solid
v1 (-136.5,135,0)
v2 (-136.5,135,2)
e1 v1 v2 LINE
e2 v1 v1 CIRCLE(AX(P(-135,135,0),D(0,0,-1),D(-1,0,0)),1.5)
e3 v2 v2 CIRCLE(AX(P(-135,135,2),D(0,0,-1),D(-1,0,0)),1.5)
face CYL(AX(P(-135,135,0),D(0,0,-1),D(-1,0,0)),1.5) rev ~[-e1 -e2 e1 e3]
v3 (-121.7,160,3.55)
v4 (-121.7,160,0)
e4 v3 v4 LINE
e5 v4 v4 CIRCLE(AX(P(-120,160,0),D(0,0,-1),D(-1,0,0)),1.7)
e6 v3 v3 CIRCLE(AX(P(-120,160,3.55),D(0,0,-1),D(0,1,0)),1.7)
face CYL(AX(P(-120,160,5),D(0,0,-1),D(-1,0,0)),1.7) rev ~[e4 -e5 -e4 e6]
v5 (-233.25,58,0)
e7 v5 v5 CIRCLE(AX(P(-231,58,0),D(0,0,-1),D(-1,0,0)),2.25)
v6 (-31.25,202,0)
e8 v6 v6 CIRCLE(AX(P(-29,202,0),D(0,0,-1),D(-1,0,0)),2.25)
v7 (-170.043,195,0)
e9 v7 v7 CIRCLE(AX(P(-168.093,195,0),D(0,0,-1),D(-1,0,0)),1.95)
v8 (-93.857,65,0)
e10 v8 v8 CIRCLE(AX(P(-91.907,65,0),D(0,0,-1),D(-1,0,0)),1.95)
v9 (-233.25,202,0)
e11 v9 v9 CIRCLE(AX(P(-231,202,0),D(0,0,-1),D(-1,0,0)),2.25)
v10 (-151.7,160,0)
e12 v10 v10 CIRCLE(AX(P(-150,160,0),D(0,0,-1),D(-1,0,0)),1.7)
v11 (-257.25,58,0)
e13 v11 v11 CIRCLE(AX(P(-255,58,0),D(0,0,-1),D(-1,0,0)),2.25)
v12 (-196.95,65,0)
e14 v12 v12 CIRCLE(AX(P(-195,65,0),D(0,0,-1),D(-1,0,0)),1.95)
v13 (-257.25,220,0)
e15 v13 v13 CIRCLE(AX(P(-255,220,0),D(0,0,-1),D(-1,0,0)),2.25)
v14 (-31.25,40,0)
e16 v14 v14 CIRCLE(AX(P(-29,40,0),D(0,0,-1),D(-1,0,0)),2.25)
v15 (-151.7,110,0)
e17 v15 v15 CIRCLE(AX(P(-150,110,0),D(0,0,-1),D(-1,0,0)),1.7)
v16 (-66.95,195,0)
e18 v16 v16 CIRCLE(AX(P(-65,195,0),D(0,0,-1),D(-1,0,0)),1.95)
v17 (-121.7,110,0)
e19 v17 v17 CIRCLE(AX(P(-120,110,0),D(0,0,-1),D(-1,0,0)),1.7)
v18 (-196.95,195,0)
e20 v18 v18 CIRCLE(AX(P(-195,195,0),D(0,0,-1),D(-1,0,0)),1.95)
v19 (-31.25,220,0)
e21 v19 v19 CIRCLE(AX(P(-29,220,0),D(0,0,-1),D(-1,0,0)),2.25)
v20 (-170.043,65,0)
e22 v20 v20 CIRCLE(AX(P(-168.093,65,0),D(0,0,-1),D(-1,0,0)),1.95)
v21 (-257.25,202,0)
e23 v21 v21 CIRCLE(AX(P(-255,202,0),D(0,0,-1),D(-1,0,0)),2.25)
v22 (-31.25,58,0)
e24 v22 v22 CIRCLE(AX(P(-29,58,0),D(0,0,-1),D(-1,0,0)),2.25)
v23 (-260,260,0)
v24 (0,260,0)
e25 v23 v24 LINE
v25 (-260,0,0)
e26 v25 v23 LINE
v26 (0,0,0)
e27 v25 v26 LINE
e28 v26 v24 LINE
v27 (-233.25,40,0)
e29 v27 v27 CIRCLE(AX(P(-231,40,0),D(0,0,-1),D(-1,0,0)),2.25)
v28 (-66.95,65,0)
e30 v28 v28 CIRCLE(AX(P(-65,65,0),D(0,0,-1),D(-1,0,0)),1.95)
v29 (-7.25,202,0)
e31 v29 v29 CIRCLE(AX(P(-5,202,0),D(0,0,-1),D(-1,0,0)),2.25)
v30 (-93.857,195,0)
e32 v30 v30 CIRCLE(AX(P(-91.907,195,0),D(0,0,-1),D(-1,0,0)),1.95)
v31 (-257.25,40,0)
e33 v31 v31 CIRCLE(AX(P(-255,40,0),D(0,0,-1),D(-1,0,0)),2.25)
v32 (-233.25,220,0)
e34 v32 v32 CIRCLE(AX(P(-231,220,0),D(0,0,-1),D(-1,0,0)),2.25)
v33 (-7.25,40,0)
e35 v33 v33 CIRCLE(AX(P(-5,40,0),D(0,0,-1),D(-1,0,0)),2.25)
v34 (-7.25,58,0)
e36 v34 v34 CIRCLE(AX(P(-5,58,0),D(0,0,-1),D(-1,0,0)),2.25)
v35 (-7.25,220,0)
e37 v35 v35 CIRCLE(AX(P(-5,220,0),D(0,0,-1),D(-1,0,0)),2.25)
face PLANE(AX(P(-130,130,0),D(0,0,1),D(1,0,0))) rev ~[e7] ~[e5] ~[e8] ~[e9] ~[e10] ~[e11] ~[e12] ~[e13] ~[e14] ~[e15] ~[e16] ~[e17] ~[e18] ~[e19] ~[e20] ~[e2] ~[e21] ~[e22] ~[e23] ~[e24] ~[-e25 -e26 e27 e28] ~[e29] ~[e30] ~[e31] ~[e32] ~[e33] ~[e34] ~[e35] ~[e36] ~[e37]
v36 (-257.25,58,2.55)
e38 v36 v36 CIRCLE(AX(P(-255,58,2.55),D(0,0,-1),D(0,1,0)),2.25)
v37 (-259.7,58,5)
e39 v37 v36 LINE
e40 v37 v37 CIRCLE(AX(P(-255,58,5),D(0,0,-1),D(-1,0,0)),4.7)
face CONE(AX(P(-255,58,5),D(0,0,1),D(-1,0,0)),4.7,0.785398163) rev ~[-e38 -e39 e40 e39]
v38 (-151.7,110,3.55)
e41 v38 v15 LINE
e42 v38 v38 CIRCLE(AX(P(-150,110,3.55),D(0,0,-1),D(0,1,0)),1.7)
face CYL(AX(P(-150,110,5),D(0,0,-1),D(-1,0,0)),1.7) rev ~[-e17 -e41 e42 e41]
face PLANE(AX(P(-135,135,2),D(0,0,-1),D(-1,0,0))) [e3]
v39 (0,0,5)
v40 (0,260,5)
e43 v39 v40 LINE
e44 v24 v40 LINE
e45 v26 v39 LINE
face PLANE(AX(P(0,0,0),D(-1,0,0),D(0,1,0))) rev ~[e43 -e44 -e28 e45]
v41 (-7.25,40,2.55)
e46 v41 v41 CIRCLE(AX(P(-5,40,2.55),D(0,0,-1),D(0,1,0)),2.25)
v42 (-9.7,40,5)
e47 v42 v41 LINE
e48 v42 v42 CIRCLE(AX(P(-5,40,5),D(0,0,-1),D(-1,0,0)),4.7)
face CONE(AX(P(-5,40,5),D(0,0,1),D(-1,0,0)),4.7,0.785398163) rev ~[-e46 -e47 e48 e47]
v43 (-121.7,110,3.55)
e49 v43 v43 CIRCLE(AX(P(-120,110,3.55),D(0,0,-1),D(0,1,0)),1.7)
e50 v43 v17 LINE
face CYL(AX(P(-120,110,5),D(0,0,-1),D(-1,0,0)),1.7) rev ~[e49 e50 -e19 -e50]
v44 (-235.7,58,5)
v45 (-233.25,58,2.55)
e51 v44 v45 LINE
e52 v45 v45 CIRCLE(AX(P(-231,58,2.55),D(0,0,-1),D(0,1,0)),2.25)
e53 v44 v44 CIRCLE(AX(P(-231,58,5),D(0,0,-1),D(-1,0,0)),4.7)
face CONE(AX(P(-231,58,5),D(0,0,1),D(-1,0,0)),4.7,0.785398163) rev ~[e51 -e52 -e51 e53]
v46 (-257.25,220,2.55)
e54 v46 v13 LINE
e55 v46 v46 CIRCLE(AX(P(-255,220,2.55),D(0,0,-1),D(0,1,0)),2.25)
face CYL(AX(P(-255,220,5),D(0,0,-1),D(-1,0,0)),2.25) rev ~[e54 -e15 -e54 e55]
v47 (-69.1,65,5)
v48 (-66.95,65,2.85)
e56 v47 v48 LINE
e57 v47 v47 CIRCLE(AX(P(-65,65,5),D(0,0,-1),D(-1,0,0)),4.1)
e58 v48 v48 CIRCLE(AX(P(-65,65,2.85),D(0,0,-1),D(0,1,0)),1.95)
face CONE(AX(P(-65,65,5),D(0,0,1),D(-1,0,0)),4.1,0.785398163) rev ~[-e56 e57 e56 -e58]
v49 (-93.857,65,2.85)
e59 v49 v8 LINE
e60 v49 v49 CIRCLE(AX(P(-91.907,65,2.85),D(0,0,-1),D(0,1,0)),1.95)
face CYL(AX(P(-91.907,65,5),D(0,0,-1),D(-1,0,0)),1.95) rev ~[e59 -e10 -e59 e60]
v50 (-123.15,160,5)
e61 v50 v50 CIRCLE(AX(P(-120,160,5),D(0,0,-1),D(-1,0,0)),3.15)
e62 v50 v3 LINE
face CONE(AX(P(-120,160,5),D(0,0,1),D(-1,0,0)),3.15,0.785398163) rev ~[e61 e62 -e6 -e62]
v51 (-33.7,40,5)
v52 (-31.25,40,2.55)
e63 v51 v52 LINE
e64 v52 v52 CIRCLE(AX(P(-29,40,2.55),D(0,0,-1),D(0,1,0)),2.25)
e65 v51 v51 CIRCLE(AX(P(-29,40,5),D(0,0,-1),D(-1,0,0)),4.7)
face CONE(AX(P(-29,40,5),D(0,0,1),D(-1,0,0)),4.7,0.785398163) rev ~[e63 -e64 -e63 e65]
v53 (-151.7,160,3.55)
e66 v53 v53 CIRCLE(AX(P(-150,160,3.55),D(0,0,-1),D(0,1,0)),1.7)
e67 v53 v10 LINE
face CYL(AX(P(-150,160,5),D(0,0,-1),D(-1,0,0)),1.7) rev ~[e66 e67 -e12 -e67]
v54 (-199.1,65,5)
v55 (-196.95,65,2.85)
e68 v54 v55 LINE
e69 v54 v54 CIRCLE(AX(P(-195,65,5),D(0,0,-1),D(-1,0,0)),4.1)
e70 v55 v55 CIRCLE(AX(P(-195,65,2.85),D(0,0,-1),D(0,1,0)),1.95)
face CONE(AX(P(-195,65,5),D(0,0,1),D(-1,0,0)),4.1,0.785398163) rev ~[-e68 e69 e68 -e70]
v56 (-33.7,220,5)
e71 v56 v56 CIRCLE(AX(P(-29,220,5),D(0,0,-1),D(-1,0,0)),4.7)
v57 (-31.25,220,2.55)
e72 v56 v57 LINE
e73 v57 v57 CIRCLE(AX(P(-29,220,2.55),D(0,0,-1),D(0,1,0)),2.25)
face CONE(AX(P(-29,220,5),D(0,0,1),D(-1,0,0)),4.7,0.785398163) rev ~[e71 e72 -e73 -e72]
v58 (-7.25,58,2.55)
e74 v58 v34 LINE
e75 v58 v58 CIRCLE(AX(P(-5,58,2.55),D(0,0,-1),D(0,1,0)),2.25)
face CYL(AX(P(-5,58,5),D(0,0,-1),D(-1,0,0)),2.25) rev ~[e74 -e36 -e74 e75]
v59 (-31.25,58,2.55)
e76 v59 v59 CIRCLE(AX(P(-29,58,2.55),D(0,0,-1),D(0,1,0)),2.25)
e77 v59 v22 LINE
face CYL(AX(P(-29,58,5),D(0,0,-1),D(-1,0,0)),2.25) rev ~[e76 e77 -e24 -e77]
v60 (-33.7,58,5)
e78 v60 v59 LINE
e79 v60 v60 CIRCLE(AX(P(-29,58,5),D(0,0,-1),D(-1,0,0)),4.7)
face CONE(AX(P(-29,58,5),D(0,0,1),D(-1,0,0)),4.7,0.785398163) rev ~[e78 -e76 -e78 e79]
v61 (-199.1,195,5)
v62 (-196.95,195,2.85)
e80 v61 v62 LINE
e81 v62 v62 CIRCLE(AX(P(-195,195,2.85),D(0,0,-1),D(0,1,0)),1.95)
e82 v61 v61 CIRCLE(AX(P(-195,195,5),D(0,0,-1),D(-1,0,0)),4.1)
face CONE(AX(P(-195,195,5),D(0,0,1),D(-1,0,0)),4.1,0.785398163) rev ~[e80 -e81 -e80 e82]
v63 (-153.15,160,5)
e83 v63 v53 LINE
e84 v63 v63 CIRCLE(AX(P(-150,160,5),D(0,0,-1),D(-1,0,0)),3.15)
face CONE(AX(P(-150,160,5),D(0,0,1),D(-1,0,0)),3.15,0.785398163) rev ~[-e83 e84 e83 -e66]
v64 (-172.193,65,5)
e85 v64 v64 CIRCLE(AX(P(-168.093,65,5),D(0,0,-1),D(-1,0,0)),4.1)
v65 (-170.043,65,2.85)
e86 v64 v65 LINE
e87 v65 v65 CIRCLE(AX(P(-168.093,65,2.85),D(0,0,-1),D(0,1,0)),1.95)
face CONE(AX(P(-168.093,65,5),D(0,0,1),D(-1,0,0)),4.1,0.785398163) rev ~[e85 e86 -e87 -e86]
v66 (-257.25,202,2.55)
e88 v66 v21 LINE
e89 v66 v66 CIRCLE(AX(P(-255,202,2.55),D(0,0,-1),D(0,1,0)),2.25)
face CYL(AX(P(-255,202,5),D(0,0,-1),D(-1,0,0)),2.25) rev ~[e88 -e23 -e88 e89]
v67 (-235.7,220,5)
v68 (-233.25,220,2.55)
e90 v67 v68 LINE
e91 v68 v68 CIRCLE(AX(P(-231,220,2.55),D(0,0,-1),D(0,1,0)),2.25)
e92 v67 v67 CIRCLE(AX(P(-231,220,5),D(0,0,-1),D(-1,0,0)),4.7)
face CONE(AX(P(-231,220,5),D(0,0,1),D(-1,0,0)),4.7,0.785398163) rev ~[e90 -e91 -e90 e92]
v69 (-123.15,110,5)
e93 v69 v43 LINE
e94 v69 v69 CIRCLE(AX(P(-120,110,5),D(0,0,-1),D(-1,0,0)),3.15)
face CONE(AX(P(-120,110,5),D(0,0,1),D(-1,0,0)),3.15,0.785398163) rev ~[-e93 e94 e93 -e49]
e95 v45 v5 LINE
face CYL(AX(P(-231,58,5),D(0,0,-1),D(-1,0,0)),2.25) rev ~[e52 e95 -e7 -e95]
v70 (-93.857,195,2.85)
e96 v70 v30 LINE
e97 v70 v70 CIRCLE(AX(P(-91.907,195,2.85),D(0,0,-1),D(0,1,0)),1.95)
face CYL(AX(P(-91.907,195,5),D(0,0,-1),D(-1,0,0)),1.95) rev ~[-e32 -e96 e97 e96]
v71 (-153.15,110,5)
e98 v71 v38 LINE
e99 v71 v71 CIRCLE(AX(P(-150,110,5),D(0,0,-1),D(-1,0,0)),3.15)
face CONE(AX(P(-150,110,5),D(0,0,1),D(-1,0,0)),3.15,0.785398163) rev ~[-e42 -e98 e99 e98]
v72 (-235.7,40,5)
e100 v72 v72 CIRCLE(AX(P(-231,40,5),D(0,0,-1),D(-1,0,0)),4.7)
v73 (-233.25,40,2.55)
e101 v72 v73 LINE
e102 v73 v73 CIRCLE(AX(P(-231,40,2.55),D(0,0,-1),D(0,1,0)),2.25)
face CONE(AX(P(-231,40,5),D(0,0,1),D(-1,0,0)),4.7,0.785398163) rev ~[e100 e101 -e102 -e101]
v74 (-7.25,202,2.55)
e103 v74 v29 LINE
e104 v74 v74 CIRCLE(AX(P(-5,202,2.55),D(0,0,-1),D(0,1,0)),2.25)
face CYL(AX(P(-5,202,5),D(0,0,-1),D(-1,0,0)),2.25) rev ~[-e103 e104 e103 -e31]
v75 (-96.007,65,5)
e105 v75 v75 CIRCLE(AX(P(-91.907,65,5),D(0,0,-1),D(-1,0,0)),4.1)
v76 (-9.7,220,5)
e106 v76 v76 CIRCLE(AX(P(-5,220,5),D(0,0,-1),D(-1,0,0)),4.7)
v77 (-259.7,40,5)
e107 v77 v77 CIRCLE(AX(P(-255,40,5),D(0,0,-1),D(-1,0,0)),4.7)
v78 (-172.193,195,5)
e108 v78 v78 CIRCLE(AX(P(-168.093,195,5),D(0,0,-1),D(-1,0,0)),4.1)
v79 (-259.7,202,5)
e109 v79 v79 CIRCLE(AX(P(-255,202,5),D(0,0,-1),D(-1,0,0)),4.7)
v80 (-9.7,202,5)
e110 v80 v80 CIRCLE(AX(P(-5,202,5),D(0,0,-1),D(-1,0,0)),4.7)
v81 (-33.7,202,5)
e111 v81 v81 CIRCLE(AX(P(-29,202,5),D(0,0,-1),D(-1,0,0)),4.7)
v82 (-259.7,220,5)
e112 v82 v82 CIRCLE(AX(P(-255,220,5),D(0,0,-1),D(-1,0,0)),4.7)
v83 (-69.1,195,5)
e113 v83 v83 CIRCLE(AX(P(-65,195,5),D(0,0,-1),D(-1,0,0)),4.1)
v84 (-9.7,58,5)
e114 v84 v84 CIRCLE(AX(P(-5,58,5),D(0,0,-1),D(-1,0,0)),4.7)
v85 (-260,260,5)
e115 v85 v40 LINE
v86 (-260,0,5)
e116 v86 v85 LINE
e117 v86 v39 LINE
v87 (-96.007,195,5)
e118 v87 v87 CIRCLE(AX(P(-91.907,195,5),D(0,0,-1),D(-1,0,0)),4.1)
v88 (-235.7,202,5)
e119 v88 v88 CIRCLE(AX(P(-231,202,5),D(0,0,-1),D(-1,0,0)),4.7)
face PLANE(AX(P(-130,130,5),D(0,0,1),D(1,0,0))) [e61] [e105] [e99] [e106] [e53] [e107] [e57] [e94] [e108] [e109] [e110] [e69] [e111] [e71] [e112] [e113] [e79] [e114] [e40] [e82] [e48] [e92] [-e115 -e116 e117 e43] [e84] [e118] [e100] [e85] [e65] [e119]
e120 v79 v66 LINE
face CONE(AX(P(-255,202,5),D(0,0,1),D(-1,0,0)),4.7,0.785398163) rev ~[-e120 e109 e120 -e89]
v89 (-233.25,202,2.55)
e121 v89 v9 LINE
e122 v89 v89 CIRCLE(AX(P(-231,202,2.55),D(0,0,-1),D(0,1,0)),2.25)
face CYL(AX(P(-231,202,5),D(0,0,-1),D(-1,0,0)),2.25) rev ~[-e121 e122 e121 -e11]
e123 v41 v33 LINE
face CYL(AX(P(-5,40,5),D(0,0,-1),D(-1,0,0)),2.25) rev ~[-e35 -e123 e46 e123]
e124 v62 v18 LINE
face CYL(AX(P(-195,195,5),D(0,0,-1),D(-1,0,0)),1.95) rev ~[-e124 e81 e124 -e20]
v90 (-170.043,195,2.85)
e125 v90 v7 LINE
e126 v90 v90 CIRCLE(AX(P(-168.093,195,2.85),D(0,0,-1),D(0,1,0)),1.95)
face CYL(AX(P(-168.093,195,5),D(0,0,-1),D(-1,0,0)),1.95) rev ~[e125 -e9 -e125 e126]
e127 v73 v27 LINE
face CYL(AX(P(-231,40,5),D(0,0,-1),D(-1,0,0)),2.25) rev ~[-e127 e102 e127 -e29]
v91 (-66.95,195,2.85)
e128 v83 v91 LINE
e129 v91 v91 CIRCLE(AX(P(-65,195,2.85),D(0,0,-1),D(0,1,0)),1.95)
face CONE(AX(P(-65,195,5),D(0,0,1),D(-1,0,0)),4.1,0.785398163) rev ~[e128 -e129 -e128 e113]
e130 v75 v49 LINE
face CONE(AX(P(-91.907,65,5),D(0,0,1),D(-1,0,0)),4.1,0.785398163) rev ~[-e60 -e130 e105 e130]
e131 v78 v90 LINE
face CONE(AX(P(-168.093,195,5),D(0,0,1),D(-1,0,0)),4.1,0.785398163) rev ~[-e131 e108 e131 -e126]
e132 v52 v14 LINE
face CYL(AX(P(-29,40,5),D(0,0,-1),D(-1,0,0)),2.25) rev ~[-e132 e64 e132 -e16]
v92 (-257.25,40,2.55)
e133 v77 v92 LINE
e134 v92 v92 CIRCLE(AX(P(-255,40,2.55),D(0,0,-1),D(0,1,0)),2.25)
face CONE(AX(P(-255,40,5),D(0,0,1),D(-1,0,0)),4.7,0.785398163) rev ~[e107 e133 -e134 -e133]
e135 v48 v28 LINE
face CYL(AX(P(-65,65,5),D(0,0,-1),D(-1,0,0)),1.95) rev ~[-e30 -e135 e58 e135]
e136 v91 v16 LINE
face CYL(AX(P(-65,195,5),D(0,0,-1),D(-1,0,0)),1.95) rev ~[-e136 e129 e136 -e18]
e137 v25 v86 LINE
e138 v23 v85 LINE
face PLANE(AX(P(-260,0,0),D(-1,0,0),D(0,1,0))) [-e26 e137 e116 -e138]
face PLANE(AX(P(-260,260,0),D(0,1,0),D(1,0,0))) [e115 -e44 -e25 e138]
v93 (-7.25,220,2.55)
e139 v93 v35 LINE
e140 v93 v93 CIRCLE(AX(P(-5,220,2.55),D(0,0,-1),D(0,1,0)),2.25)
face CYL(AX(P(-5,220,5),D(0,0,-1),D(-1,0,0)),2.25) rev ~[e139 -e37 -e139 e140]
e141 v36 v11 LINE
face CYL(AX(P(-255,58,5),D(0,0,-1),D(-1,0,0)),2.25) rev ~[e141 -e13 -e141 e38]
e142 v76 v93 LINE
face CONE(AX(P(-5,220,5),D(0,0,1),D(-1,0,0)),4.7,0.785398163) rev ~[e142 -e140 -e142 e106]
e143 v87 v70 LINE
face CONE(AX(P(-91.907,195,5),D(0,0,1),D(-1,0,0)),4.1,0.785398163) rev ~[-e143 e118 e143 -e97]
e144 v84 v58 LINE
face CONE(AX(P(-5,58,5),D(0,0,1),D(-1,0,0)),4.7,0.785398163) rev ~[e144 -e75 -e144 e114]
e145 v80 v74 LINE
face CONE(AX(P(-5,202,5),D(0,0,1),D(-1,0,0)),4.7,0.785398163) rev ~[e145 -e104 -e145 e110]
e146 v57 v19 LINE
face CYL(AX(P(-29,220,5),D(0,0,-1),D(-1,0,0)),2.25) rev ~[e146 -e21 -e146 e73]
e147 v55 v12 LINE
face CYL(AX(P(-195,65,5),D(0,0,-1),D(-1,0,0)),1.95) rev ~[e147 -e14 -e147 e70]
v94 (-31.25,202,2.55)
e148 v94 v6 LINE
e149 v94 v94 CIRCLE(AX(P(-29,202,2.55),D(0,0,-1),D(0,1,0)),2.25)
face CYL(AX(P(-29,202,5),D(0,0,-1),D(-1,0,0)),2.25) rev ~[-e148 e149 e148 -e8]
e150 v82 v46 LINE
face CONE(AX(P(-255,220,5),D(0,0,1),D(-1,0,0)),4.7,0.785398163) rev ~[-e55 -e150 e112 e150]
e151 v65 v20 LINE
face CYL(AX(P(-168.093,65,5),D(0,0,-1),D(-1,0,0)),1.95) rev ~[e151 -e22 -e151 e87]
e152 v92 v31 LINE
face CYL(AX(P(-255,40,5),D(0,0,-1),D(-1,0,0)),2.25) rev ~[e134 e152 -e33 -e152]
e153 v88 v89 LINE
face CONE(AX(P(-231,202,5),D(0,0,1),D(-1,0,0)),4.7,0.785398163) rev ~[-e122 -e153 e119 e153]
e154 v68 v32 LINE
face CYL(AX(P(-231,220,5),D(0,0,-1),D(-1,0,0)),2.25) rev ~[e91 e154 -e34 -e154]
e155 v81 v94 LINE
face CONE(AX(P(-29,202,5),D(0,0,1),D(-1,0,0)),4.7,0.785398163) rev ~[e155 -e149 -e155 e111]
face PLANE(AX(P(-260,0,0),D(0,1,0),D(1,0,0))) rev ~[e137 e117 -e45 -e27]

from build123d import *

# Parameters (mm, degrees)
SKETCH1_W                                         = 260
SKETCH1_H                                         = 260
BOSS_EXTRUDE1_DEPTH                               = 5
SKETCH3_R                                         = 1.5
TEMP_SENSOR_DEPTH                                 = 2
CSK_FOR_M4_FLAT_HEAD_MACHINE_SCREW1_D             = 4.5
CSK_FOR_M4_FLAT_HEAD_MACHINE_SCREW1_CSINK_D       = 9.4
CSK_FOR_M4_FLAT_HEAD_MACHINE_SCREW1_CSINK_ANGLE   = 90
CSK_FOR_M3_5_FLAT_HEAD_MACHINE_SCREW1_D           = 3.9
CSK_FOR_M3_5_FLAT_HEAD_MACHINE_SCREW1_CSINK_D     = 8.2
CSK_FOR_M3_5_FLAT_HEAD_MACHINE_SCREW1_CSINK_ANGLE = 90
CSK_FOR_M3_FLAT_HEAD_MACHINE_SCREW1_D             = 3.4
CSK_FOR_M3_FLAT_HEAD_MACHINE_SCREW1_CSINK_D       = 6.3
CSK_FOR_M3_FLAT_HEAD_MACHINE_SCREW1_CSINK_ANGLE   = 90


with BuildPart() as part:
    # Sketch1 → Boss-Extrude1 (new body)
    with BuildSketch(Plane.XY):
        with Locations((-130, 130)):
            Rectangle(SKETCH1_W, SKETCH1_H)
    extrude(amount=BOSS_EXTRUDE1_DEPTH)

    # Sketch3 → temp. sensor (cut)
    with BuildSketch(Plane(origin=(0, 0, 0), x_dir=(-1, 0, 0), z_dir=(0, 0, -1))):
        with Locations((135, 135)):
            Circle(SKETCH3_R)
    extrude(amount=-TEMP_SENSOR_DEPTH, mode=Mode.SUBTRACT)

    # CSK for M4 Flat Head Machine Screw1 (through all)
    with Locations(Plane.XY.offset(5)):
        with Locations((-255, 220), (-231, 220), (-231, 202), (-255, 202), (-5, 202), (-29, 202), (-29, 220), (-5, 220), (-29, 58), (-5, 58), (-5, 40), (-29, 40), (-255, 40), (-231, 40), (-231, 58), (-255, 58)):
            CounterSinkHole(CSK_FOR_M4_FLAT_HEAD_MACHINE_SCREW1_D / 2, CSK_FOR_M4_FLAT_HEAD_MACHINE_SCREW1_CSINK_D / 2, counter_sink_angle=CSK_FOR_M4_FLAT_HEAD_MACHINE_SCREW1_CSINK_ANGLE)

    # CSK for M3.5 Flat Head Machine Screw1 (through all)
    with Locations(Plane.XY.offset(5)):
        with Locations((-195, 195), (-168.093, 195), (-91.907, 195), (-65, 195), (-65, 65), (-91.907, 65), (-168.093, 65), (-195, 65)):
            CounterSinkHole(CSK_FOR_M3_5_FLAT_HEAD_MACHINE_SCREW1_D / 2, CSK_FOR_M3_5_FLAT_HEAD_MACHINE_SCREW1_CSINK_D / 2, counter_sink_angle=CSK_FOR_M3_5_FLAT_HEAD_MACHINE_SCREW1_CSINK_ANGLE)

    # CSK for M3 Flat Head Machine Screw1 (through all)
    with Locations(Plane.XY.offset(5)):
        with Locations((-120, 110), (-150, 110), (-150, 160), (-120, 160)):
            CounterSinkHole(CSK_FOR_M3_FLAT_HEAD_MACHINE_SCREW1_D / 2, CSK_FOR_M3_FLAT_HEAD_MACHINE_SCREW1_CSINK_D / 2, counter_sink_angle=CSK_FOR_M3_FLAT_HEAD_MACHINE_SCREW1_CSINK_ANGLE)


solid = part.part
